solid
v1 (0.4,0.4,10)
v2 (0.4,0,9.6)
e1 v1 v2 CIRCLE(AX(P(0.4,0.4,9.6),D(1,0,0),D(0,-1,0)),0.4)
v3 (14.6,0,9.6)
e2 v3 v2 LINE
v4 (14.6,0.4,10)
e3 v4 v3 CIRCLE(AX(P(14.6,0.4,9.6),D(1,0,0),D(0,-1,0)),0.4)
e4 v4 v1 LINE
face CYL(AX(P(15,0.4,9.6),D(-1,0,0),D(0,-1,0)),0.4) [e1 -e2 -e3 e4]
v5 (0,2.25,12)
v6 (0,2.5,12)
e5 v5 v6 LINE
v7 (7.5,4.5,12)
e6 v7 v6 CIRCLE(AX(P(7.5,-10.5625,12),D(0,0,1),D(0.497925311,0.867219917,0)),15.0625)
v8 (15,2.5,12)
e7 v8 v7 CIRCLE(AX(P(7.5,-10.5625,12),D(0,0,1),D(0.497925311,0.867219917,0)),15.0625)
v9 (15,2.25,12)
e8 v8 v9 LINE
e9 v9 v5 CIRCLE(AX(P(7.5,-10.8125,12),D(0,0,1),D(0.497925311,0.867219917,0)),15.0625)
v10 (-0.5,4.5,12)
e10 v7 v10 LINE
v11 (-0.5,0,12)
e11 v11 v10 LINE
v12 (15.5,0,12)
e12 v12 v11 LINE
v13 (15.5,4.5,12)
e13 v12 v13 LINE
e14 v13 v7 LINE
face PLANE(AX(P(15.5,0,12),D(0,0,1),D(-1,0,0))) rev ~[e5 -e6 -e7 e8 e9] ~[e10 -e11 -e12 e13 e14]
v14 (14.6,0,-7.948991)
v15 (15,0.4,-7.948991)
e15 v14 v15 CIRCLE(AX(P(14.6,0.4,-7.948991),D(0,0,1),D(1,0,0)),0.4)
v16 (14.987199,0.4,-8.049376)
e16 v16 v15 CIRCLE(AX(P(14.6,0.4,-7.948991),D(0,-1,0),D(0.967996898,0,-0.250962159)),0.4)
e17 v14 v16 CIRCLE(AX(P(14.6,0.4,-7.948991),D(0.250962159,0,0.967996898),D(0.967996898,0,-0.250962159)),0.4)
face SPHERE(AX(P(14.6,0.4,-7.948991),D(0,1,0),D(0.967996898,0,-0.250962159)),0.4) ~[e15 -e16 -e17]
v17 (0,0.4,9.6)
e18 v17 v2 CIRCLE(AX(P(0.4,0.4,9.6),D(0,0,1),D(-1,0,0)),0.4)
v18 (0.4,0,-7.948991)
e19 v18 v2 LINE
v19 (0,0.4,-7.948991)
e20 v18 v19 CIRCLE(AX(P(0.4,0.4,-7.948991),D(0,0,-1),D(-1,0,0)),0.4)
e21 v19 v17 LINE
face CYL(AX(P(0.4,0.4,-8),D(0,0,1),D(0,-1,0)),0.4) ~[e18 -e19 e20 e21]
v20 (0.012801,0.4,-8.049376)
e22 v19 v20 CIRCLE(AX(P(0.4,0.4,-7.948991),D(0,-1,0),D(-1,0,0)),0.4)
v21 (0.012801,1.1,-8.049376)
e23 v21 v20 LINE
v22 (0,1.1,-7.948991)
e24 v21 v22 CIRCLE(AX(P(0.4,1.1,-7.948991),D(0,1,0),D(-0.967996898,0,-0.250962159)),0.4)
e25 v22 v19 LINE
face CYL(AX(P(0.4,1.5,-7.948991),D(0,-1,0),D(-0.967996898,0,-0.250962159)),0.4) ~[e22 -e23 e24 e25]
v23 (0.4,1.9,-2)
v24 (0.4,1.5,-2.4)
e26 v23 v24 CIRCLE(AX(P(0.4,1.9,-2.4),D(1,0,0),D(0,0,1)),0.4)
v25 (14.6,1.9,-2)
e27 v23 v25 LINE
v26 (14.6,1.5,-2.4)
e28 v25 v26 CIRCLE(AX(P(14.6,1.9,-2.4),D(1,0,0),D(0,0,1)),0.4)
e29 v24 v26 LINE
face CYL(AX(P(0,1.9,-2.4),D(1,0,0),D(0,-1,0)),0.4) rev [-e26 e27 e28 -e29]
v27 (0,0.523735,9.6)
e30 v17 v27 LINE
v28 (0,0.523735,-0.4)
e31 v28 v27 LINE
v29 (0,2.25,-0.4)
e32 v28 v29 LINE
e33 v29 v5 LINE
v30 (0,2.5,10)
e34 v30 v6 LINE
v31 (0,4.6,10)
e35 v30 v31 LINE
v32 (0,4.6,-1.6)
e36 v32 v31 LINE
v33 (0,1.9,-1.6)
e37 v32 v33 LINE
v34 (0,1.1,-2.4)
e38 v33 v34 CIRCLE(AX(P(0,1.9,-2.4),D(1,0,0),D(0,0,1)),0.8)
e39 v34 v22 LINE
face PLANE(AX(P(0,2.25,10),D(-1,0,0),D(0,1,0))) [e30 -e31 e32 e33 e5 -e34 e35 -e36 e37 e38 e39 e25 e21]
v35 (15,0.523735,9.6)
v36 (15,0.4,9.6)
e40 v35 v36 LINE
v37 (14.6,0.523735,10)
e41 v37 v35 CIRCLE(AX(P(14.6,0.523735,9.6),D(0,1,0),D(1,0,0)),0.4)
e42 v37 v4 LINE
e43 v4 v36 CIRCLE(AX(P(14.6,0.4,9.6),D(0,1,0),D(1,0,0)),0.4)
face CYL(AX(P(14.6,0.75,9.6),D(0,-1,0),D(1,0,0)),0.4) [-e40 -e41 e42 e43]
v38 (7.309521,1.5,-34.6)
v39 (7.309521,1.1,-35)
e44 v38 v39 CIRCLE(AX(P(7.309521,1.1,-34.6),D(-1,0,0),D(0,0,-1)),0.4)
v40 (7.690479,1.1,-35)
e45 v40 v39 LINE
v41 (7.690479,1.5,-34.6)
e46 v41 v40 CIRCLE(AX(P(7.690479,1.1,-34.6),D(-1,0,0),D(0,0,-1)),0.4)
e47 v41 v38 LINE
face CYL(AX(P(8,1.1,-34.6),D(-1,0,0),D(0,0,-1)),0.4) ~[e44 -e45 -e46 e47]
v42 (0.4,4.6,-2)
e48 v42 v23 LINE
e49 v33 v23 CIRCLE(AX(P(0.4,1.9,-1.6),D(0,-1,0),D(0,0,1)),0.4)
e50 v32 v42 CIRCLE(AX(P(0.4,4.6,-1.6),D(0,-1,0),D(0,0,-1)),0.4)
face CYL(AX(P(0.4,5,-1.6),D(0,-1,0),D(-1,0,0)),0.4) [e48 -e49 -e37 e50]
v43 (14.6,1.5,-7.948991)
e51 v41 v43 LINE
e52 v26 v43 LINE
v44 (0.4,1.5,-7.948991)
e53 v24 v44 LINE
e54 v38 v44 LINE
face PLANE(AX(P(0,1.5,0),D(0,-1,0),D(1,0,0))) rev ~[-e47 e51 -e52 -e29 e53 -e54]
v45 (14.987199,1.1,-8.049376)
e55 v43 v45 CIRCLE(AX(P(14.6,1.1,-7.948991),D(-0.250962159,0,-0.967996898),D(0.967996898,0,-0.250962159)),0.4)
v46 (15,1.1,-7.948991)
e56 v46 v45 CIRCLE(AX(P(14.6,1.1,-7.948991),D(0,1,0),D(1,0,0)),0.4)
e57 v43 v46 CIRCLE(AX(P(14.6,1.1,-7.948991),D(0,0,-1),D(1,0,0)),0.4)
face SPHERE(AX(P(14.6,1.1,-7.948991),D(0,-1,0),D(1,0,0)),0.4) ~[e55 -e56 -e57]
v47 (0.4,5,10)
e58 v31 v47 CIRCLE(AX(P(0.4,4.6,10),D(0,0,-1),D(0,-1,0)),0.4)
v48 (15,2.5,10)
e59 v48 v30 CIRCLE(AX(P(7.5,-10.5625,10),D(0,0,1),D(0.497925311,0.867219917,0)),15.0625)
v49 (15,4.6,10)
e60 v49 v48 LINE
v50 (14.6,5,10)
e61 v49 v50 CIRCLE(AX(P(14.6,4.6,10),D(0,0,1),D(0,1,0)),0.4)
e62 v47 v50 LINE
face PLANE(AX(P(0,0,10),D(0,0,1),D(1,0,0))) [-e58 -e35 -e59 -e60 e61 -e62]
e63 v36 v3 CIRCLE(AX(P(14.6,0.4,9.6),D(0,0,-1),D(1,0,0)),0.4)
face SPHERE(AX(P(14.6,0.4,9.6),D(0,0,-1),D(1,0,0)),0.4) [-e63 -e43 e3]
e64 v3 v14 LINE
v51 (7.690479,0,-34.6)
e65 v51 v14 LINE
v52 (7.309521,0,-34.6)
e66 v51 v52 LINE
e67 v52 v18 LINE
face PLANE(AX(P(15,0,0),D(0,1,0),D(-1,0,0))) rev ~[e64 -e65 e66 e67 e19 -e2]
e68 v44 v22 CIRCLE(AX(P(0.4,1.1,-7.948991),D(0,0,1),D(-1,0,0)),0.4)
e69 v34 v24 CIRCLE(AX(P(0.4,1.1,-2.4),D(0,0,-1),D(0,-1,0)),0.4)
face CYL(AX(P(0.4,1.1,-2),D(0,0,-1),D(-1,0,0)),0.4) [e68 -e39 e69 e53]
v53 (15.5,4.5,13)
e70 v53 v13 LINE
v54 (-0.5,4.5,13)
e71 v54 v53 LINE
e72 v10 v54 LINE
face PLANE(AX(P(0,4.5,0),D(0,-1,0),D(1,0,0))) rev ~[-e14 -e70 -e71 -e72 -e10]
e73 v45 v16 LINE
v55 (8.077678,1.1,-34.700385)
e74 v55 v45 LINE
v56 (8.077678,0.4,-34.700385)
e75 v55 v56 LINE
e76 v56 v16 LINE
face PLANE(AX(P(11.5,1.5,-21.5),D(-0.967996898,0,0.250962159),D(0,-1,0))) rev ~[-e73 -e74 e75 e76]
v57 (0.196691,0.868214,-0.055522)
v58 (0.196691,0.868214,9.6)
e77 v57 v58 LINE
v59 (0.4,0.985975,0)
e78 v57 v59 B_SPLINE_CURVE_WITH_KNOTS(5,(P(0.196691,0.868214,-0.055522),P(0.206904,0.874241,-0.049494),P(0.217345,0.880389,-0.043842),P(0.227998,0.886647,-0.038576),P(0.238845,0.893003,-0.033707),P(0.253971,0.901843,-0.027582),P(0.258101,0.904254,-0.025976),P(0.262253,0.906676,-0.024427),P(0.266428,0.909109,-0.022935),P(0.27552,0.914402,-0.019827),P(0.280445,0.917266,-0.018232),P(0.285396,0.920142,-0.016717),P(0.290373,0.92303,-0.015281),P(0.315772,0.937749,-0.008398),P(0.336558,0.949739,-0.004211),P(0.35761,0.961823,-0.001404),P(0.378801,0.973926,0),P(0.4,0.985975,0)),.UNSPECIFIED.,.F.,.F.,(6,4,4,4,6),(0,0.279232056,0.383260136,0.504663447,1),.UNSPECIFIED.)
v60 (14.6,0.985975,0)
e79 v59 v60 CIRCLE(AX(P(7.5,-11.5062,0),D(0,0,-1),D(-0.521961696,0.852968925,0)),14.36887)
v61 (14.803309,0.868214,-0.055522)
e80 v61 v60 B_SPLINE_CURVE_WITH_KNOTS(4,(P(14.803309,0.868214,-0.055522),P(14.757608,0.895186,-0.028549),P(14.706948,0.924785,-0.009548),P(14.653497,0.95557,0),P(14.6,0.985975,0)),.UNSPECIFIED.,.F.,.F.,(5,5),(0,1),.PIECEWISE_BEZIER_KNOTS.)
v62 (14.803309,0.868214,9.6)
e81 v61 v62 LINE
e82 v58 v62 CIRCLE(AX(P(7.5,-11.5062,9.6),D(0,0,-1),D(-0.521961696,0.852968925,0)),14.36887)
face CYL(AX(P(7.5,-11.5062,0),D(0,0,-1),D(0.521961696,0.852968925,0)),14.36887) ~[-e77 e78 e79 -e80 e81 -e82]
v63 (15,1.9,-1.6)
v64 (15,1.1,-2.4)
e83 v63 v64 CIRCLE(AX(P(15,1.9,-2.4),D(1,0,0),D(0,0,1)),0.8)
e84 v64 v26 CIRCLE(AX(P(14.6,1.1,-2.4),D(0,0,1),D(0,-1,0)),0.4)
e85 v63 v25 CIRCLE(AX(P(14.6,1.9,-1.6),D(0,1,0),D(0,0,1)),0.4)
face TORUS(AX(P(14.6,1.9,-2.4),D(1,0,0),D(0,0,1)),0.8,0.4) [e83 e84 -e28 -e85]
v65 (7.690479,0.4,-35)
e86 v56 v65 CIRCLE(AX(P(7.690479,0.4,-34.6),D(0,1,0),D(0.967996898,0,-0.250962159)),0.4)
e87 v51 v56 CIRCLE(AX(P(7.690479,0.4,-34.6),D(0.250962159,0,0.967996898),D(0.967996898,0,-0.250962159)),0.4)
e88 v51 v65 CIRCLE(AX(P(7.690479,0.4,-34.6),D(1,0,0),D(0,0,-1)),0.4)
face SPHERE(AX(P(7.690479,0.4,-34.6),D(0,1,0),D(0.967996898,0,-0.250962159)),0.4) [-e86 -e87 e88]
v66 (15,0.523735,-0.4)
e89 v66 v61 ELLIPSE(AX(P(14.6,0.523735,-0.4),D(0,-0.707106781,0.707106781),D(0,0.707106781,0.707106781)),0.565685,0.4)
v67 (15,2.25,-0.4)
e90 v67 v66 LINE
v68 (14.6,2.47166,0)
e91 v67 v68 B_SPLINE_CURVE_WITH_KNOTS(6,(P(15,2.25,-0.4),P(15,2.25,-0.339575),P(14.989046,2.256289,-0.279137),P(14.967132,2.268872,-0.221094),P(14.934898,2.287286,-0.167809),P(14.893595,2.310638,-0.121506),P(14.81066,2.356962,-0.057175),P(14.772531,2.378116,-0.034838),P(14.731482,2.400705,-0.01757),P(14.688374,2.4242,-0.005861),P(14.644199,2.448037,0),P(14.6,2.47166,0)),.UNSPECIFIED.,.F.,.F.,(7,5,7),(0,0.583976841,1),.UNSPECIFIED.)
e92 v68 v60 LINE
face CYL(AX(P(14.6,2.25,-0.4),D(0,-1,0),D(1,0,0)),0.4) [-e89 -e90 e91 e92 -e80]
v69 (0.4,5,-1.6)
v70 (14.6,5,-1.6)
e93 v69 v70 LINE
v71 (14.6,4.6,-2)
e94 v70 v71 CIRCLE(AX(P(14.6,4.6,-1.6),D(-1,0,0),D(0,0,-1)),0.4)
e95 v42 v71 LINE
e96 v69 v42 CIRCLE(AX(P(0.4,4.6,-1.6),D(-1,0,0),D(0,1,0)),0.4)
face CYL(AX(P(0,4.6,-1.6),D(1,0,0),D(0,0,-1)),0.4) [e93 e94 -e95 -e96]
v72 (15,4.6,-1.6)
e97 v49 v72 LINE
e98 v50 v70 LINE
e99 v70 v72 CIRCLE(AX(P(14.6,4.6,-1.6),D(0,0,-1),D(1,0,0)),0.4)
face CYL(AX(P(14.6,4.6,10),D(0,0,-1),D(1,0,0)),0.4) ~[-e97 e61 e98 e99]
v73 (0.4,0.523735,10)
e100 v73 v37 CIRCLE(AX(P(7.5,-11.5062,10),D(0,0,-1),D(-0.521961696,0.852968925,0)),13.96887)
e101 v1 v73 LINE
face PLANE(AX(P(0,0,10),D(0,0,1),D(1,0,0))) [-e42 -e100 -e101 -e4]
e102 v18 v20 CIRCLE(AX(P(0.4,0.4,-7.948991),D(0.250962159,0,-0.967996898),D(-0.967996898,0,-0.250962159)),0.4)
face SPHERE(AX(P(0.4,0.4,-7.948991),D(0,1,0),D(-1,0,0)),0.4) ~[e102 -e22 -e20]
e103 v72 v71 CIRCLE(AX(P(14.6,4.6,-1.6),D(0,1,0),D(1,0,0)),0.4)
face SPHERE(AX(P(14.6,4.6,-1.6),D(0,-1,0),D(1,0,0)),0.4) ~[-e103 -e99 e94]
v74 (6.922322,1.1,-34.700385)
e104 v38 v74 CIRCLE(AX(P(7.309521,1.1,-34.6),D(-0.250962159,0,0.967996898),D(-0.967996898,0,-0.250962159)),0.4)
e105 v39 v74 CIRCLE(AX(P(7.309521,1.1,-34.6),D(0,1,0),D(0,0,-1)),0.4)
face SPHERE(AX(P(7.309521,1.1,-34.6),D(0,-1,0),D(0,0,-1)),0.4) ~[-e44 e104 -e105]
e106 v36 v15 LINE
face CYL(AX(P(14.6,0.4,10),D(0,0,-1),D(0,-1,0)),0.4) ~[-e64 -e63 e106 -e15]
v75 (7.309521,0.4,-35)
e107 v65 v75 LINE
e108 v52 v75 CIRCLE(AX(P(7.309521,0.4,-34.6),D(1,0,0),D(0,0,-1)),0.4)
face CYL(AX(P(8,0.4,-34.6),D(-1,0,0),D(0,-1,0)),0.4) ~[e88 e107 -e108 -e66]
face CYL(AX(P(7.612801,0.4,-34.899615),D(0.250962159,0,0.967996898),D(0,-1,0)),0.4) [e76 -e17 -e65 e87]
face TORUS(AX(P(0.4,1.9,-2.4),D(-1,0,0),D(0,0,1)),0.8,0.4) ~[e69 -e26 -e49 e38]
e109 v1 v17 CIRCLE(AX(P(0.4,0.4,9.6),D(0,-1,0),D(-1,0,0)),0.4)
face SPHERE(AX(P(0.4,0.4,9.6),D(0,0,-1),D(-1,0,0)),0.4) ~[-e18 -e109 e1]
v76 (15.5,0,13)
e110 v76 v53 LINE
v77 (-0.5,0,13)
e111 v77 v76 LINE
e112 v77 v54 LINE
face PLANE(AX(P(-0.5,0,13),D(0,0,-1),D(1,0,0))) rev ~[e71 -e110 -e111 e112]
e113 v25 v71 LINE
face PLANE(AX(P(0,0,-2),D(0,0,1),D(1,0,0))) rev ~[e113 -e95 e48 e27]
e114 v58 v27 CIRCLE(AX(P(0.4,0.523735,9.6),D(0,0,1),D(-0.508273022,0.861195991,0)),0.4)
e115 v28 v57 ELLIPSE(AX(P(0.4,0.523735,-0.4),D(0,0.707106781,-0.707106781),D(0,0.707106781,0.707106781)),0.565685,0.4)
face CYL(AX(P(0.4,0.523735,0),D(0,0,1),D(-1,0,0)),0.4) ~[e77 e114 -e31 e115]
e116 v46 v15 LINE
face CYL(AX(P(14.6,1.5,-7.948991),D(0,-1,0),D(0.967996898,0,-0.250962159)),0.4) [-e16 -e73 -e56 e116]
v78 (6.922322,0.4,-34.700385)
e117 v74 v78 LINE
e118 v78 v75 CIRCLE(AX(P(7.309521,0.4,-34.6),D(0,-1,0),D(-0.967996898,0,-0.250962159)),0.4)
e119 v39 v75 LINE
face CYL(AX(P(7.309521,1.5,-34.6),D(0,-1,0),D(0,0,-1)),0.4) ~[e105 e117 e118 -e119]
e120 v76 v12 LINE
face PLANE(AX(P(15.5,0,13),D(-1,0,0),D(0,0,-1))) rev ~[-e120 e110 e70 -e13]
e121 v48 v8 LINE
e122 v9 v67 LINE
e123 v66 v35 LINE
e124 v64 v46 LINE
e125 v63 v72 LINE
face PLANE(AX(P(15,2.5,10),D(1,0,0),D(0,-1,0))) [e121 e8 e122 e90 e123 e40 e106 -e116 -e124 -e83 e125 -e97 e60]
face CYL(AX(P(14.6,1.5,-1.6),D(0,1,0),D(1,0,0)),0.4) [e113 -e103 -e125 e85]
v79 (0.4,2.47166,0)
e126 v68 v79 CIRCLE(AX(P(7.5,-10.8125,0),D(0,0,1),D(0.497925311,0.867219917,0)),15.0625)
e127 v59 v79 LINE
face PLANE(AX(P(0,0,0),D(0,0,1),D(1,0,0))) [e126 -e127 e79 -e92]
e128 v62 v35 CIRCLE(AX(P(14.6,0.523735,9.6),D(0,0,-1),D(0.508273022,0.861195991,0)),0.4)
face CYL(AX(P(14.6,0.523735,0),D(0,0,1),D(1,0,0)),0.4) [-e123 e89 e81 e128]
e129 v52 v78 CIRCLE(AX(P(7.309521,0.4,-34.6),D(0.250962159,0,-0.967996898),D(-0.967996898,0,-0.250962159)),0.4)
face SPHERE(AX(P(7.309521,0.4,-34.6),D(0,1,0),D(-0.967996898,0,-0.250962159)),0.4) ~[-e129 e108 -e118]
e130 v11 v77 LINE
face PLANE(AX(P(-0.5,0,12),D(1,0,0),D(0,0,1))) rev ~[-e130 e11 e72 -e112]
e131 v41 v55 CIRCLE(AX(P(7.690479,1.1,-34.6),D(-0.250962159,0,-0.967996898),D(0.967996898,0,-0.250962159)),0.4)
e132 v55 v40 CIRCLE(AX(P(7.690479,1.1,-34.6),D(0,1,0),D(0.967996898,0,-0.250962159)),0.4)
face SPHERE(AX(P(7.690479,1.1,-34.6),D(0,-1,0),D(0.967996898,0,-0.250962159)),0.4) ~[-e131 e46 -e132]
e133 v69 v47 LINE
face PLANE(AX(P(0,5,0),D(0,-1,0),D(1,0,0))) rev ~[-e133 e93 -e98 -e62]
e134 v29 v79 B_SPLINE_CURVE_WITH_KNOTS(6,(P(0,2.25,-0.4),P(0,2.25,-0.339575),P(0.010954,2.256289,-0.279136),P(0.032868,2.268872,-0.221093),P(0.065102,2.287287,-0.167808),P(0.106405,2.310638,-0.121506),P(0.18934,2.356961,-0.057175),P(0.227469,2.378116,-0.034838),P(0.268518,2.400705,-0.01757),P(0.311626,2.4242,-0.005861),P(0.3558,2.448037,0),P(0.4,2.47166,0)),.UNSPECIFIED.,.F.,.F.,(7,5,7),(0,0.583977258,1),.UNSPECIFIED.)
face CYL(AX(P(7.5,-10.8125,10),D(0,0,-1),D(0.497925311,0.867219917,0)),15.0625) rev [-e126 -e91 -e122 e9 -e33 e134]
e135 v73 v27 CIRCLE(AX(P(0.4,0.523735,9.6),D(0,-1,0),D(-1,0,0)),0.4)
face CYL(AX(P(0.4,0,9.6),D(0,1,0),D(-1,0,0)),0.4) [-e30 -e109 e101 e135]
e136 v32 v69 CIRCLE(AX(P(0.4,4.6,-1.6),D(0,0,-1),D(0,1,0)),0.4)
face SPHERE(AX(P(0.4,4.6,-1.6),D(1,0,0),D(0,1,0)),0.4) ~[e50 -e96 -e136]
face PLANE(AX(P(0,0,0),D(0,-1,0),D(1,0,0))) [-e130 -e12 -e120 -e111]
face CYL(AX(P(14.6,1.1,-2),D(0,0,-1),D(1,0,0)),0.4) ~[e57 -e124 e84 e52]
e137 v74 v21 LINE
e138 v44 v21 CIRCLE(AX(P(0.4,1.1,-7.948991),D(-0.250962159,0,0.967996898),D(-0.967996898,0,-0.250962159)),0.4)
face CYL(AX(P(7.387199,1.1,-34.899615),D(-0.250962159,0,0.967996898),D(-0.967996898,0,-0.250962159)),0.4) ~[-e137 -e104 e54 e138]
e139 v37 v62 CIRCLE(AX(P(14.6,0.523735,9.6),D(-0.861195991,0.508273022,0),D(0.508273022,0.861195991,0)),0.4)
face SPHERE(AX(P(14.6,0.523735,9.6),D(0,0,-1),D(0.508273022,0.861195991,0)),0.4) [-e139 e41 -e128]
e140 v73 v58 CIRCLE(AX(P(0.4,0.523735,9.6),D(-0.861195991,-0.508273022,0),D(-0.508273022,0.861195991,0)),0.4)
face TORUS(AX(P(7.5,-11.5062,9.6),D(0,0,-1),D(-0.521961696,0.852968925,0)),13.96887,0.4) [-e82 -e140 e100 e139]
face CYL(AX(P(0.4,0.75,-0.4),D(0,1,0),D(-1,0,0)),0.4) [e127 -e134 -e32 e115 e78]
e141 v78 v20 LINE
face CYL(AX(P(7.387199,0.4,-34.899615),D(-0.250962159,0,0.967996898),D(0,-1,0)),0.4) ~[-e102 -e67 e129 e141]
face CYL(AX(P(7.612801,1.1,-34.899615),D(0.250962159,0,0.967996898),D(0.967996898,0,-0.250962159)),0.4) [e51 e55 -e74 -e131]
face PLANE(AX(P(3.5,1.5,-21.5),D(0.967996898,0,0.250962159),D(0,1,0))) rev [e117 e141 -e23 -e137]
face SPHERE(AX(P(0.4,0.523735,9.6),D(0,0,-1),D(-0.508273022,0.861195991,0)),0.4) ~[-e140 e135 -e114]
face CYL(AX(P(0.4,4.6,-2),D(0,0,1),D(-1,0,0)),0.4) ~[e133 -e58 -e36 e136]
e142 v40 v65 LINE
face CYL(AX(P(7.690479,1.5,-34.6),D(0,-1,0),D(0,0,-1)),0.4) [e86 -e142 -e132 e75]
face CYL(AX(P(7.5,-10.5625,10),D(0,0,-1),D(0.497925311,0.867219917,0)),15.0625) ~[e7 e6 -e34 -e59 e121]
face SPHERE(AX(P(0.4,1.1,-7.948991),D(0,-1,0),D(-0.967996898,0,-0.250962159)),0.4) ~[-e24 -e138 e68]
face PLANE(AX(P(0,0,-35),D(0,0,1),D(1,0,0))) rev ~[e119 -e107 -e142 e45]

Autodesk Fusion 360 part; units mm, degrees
sketch "Sketch1" plane through (0, 0, 0) normal (0, 0, 1) x (1, 0, 0)
  line L0 (0, 5) -> (15, 5)
  line L1 (15, 5) -> (15, 0)
  line L2 (15, 0) -> (0, 0)
  line L3 (0, 0) -> (0, 5)
  arc A0 (15, 0.75) -> (0, 0.75) centre (7.5, -11.5062) ccw
  arc A1 (15, 2.25) -> (0, 2.25) centre (7.5, -10.8125) ccw
  line L4 (0, 4.25) -> (15, 4.25) construction
  line L5 (0, 1.5) -> (15, 1.5)
  arc A2 (15, 2.5) -> (0, 2.5) centre (7.5, -10.5625) ccw
  dimension "d1" = 1.5
  dimension "d2" = 1.5
  dimension "d3" = 0.75
  dimension "d4" = 15
  dimension "d5" = 5
  dimension "d9" = 0.75
  dimension "d14" = 1.5
  dimension "d25" = 0.25
  dimension "d26" = 0.25
extrude "Extrude1" add sketch "Sketch1" against normal blind 2
extrude "Extrude2" add sketch "Sketch1" along normal blind 10 contours L0 L1 L3 A2 | L1 L3 A1 A2 | L1 L2 L3 A0 L5 | A0 L5
extrude "Extrude3" add sketch "Sketch1" against normal blind 35 contours L3 A0 L5 | L1 A0 L5 | L1 L2 L3 A0 L5
extrude "Extrude4" add sketch "Sketch1" along normal blind 12 and the other way blind -10 contours L1 L3 A1 A2
sketch "Sketch2" plane through (0, 0, 0) normal (0, -1, 0) x (1, 0, 0)
  line L0 (15, -35) -> (15, 10)
  line L1 (15, 10) -> (0, 10)
  line L2 (0, 10) -> (0, -35)
  line L3 (0, -35) -> (15, -35)
  line L4 (-0.5, 13) -> (15.5, 13)
  line L5 (15.5, 13) -> (15.5, 12)
  line L6 (15.5, 12) -> (-0.5, 12)
  line L7 (-0.5, 12) -> (-0.5, 13)
  dimension "d33" = 1
extrude "Extrude5" add sketch "Sketch2" against normal blind 4.5 contours L4 L5 L6 L7
chamfer "Chamfer1" distance 7 distance2 27 1 edges at (15, 0.75, -35) measured on face at (5, 1, -35)
chamfer "Chamfer2" distance 7 distance2 27 1 edges at (0, 0.75, -35) measured on face at (5.3333, 0.5, -35)
fillet "Fillet2" radius 0.4 28 edges at (11.5, 1.5, -21.5) (7.5, 1.5, -35) (3.5, 1.5, -21.5) (3.5, 0, -21.5) (11.5, 0, -21.5) (7.5, 0, -35) (8, 0.75, -35) (7, 0.75, -35) (15, 3.25, -2) (15, 0, 1) (15, 0.75, -8) (15, 1.5, -5) (15, 5, 4) (7.5, 5, -2) (7.5, 1.5, -2) (0, 5, 4) (0, 3.25, -2) (0, 1.5, -5) (0, 0.75, -8) (0, 0, 1) (7.5, 2.8627, 10) (15, 0.375, 10) (0, 0.375, 10) (15, 0.75, 5) (15, 1.5, 0) (0, 0.75, 5) (0, 1.5, 0) (7.5, 0, 10)
equation "d1 = d2"
equation "d26 = d25"
